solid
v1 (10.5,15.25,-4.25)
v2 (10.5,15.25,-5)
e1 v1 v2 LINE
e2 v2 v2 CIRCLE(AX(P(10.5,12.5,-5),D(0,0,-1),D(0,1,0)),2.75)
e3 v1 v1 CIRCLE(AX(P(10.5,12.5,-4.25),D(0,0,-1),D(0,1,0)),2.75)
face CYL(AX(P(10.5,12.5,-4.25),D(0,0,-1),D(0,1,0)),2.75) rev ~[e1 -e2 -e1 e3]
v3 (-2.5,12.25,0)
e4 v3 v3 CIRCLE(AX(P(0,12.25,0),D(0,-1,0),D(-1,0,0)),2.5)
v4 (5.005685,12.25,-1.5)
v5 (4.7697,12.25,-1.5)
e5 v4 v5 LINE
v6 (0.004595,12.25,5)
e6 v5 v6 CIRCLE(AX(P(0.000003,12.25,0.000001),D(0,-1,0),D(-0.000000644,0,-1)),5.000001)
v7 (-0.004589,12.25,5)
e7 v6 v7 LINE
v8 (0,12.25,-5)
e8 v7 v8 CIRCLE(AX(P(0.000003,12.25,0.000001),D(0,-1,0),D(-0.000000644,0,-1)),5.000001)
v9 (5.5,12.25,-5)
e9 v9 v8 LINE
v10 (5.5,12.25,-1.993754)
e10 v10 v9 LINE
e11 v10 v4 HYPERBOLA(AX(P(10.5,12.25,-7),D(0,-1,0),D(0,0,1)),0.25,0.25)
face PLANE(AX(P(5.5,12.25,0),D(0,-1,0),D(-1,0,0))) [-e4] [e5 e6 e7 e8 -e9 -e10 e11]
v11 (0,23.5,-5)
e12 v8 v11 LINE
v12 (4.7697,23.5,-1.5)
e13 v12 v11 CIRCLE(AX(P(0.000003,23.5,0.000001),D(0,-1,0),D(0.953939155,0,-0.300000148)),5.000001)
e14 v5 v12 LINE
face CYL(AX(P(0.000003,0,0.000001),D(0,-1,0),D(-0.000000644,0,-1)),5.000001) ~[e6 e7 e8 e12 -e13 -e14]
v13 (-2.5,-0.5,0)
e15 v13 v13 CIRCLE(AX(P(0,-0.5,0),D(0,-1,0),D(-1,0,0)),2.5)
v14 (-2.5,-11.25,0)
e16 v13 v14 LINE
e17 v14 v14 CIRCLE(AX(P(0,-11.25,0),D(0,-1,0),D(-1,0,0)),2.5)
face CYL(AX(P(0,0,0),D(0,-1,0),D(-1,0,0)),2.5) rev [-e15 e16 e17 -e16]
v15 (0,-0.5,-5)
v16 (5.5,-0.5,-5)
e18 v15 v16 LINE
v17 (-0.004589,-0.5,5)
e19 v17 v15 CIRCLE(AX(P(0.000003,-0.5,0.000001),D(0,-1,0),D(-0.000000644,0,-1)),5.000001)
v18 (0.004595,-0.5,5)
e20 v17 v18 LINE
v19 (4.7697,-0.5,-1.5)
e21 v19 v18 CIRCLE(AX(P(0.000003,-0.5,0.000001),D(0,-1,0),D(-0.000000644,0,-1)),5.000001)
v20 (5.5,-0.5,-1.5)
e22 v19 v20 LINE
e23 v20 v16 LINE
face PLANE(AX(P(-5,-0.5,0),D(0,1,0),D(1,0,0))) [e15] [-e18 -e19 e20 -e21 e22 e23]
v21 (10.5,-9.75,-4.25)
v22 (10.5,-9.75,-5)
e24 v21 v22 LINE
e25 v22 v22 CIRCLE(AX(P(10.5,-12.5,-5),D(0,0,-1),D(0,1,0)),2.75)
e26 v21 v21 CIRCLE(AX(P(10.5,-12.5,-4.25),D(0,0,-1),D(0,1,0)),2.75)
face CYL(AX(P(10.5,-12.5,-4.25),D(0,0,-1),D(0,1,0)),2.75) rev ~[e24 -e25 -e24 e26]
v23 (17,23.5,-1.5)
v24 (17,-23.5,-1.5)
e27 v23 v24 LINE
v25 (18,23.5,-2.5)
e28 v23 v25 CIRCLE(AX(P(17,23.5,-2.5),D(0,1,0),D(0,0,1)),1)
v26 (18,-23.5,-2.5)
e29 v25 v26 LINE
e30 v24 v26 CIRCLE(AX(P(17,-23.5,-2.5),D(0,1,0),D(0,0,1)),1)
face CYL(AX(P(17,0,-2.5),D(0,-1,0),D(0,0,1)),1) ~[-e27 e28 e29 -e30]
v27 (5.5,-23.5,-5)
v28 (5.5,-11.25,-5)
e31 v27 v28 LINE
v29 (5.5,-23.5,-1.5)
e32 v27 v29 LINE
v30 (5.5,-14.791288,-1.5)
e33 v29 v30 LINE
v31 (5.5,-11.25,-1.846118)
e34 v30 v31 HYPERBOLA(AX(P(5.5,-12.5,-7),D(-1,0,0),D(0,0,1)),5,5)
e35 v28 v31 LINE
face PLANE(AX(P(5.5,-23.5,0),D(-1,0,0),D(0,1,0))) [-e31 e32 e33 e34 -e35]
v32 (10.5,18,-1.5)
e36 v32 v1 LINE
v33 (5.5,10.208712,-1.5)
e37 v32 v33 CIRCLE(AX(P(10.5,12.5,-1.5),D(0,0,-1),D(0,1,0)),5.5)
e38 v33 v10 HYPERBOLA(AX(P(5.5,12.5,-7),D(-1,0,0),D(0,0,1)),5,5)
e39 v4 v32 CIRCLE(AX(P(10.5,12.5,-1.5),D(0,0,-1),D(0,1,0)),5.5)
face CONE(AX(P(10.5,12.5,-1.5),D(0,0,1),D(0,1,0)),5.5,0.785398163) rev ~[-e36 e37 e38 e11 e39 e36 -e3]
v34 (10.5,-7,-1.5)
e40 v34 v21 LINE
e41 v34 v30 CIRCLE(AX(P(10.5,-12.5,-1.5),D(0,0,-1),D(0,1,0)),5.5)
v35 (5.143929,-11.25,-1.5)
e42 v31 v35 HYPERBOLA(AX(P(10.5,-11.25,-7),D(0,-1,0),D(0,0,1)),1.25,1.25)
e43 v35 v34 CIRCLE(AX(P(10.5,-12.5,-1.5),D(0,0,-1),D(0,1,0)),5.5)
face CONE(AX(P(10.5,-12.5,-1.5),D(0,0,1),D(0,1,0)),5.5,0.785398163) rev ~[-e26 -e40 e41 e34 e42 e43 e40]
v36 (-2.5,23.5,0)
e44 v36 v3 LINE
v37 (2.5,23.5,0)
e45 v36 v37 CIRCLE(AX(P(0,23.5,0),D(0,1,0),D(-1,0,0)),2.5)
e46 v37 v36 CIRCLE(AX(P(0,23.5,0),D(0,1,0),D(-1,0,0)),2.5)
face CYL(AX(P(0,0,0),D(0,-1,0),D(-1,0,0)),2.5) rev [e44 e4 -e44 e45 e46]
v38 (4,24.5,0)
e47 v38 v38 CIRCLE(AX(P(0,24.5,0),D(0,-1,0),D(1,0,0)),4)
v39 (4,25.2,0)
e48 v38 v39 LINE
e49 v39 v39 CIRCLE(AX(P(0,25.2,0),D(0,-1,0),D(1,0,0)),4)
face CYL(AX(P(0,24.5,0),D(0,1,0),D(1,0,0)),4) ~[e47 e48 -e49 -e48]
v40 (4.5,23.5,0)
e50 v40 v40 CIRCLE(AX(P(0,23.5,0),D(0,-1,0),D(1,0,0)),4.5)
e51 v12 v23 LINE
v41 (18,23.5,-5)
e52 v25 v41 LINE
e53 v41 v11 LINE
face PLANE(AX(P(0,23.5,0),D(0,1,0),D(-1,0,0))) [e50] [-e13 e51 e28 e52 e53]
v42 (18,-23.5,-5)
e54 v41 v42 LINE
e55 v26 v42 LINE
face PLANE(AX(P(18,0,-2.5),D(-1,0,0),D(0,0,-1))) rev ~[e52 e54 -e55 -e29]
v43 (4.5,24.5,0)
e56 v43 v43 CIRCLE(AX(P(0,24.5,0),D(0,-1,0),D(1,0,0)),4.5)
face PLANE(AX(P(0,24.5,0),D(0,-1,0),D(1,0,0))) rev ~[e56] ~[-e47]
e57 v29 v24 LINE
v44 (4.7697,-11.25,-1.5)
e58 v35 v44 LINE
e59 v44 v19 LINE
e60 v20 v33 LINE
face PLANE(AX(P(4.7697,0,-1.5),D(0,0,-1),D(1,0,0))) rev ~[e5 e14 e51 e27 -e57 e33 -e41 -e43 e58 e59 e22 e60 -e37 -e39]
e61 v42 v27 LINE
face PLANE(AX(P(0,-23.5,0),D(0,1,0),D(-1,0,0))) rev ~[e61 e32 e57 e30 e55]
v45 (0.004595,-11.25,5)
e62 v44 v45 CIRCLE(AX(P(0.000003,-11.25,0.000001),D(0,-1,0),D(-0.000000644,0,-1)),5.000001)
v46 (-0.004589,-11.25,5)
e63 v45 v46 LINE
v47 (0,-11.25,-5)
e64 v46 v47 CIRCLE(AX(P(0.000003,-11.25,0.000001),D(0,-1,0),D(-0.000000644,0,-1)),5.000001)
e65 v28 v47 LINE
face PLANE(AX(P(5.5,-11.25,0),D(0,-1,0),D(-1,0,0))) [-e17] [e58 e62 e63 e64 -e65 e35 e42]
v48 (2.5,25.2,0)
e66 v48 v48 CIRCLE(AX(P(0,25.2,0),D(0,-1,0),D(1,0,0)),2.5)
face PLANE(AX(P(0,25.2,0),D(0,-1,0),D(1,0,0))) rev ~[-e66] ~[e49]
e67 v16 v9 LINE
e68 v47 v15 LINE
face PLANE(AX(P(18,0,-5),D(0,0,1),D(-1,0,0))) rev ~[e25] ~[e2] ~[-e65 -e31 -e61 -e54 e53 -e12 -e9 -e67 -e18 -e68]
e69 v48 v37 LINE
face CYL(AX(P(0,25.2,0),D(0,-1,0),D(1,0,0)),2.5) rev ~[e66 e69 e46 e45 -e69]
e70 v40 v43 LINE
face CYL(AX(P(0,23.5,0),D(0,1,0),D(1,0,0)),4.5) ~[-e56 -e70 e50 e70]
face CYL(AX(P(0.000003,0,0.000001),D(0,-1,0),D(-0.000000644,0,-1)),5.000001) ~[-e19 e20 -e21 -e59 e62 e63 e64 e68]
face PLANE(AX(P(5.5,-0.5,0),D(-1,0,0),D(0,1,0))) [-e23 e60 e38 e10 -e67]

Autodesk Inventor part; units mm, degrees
sketch "Sketch_1" plane through (0, 0, 0) normal (0, 1, 0) x (-1, 0, 0)
  arc A0 (0, -5) -> (-4.7697, -1.5) centre (0, 0) ccw
  line L0 (-4.7697, -1.5) -> (-17, -1.5)
  arc A1 (-17, -1.5) -> (-18, -2.5) centre (-17, -2.5) ccw
  line L1 (-18, -2.5) -> (-18, -5)
  line L2 (-18, -5) -> (0, -5)
  circle A2 centre (0, 0) radius 2.5
extrude "Extrusion1" add sketch "Sketch_1" along normal mid plane 47
sketch "Sketch_2" plane through (0, 0, 0) normal (0, 0, 1) x (1, 0, 0)
  line L0 (-10, -23.5) -> (5.5, -23.5)
  line L1 (5.5, -23.5) -> (5.5, -11.25)
  line L2 (5.5, -11.25) -> (-5, -11.25)
  line L3 (-5, -11.25) -> (-5, -0.5)
  line L4 (-5, -0.5) -> (5.5, -0.5)
  line L5 (5.5, -0.5) -> (5.5, 12.25)
  line L6 (5.5, 12.25) -> (-5, 12.25)
  line L7 (-5, 12.25) -> (-5, 23.5)
  line L8 (-5, 23.5) -> (-10, 23.5)
  line L9 (-10, 23.5) -> (-10, -23.5)
extrude "Extrusion2" cut sketch "Sketch_2" along normal mid plane 10
sketch "Sketch_4" plane through (10.5, 0, 0) normal (1, 0, 0) x (0, 0, -1)
  line L0 (5, 12.5) -> (1.5, 12.5)
  line L1 (1.5, 12.5) -> (1.5, 18)
  line L2 (1.5, 18) -> (4.25, 15.25)
  line L3 (4.25, 15.25) -> (5, 15.25)
  line L4 (5, 15.25) -> (5, 12.5)
  line L5 (5, 12.5) -> (1.5, 12.5)
revolve "Revolution1" cut sketch "Sketch_4" angle 360 about axis through (10.5, 12.5, -5) along (0, 0, -1)
sketch "Sketch_5" plane through (10.5, 0, 0) normal (1, 0, 0) x (0, 0, -1)
  line L0 (5, -12.5) -> (1.5, -12.5)
  line L1 (1.5, -12.5) -> (1.5, -7)
  line L2 (1.5, -7) -> (4.25, -9.75)
  line L3 (4.25, -9.75) -> (5, -9.75)
  line L4 (5, -9.75) -> (5, -12.5)
  line L5 (5, -12.5) -> (1.5, -12.5)
revolve "Revolution2" cut sketch "Sketch_5" angle 360 about axis through (10.5, -12.5, -5) along (0, 0, -1)
sketch "Sketch_10" plane through (0, 0, 0) normal (0, 0, 1) x (1, 0, 0)
  line L0 (0, 23.5) -> (0, 25.2)
  line L1 (2.5, 23.5) -> (4.5, 23.5)
  line L2 (4.5, 23.5) -> (4.5, 24.5)
  line L3 (4.5, 24.5) -> (4, 24.5)
  line L4 (4, 24.5) -> (4, 25.2)
  line L5 (4, 25.2) -> (2.5, 25.2)
  line L6 (2.5, 25.2) -> (2.5, 23.5)
revolve "Revolution3" add sketch "Sketch_10" angle 360 about axis through (0, 23.5, 0) along (0, -1, 0)
ref_plane "cp_XY" through (0, 0, 0) normal (0, -1, 0) x (1, 0, 0)
ref_plane "cp_YZ" through (0, 0, 0) normal (1, 0, 0) x (0, 0, 1)
ref_plane "cp_ZX" through (0, 0, 0) normal (0, 0, 1) x (0, -1, 0)
ref_plane "bolt1_XY" through (10.5, 12.5, -4.25) normal (0, 0, 1) x (1, 0, 0)
ref_plane "bolt1_YZ" through (10.5, 12.5, -4.25) normal (1, 0, 0) x (0, 1, 0)
ref_plane "bolt1_ZX" through (10.5, 12.5, -4.25) normal (0, 1, 0) x (0, 0, 1)
ref_plane "bolt2_XY" through (10.5, -12.5, -4.25) normal (0, 0, 1) x (1, 0, 0)
ref_plane "bolt2_YZ" through (10.5, -12.5, -4.25) normal (1, 0, 0) x (0, 1, 0)
ref_plane "bolt2_ZX" through (10.5, -12.5, -4.25) normal (0, 1, 0) x (0, 0, 1)
ref_plane "nut1_XY" through (10.5, 12.5, -5) normal (0, 0, 1) x (1, 0, 0)
ref_plane "nut1_YZ" through (10.5, 12.5, -5) normal (1, 0, 0) x (0, 1, 0)
ref_plane "nut1_ZX" through (10.5, 12.5, -5) normal (0, 1, 0) x (0, 0, 1)
ref_plane "nut2_XY" through (10.5, -12.5, -5) normal (0, 0, 1) x (1, 0, 0)
ref_plane "nut2_YZ" through (10.5, -12.5, -5) normal (1, 0, 0) x (0, 1, 0)
ref_plane "nut2_ZX" through (10.5, -12.5, -5) normal (0, 1, 0) x (0, 0, 1)
properties part number "HHPMGS5p2"
